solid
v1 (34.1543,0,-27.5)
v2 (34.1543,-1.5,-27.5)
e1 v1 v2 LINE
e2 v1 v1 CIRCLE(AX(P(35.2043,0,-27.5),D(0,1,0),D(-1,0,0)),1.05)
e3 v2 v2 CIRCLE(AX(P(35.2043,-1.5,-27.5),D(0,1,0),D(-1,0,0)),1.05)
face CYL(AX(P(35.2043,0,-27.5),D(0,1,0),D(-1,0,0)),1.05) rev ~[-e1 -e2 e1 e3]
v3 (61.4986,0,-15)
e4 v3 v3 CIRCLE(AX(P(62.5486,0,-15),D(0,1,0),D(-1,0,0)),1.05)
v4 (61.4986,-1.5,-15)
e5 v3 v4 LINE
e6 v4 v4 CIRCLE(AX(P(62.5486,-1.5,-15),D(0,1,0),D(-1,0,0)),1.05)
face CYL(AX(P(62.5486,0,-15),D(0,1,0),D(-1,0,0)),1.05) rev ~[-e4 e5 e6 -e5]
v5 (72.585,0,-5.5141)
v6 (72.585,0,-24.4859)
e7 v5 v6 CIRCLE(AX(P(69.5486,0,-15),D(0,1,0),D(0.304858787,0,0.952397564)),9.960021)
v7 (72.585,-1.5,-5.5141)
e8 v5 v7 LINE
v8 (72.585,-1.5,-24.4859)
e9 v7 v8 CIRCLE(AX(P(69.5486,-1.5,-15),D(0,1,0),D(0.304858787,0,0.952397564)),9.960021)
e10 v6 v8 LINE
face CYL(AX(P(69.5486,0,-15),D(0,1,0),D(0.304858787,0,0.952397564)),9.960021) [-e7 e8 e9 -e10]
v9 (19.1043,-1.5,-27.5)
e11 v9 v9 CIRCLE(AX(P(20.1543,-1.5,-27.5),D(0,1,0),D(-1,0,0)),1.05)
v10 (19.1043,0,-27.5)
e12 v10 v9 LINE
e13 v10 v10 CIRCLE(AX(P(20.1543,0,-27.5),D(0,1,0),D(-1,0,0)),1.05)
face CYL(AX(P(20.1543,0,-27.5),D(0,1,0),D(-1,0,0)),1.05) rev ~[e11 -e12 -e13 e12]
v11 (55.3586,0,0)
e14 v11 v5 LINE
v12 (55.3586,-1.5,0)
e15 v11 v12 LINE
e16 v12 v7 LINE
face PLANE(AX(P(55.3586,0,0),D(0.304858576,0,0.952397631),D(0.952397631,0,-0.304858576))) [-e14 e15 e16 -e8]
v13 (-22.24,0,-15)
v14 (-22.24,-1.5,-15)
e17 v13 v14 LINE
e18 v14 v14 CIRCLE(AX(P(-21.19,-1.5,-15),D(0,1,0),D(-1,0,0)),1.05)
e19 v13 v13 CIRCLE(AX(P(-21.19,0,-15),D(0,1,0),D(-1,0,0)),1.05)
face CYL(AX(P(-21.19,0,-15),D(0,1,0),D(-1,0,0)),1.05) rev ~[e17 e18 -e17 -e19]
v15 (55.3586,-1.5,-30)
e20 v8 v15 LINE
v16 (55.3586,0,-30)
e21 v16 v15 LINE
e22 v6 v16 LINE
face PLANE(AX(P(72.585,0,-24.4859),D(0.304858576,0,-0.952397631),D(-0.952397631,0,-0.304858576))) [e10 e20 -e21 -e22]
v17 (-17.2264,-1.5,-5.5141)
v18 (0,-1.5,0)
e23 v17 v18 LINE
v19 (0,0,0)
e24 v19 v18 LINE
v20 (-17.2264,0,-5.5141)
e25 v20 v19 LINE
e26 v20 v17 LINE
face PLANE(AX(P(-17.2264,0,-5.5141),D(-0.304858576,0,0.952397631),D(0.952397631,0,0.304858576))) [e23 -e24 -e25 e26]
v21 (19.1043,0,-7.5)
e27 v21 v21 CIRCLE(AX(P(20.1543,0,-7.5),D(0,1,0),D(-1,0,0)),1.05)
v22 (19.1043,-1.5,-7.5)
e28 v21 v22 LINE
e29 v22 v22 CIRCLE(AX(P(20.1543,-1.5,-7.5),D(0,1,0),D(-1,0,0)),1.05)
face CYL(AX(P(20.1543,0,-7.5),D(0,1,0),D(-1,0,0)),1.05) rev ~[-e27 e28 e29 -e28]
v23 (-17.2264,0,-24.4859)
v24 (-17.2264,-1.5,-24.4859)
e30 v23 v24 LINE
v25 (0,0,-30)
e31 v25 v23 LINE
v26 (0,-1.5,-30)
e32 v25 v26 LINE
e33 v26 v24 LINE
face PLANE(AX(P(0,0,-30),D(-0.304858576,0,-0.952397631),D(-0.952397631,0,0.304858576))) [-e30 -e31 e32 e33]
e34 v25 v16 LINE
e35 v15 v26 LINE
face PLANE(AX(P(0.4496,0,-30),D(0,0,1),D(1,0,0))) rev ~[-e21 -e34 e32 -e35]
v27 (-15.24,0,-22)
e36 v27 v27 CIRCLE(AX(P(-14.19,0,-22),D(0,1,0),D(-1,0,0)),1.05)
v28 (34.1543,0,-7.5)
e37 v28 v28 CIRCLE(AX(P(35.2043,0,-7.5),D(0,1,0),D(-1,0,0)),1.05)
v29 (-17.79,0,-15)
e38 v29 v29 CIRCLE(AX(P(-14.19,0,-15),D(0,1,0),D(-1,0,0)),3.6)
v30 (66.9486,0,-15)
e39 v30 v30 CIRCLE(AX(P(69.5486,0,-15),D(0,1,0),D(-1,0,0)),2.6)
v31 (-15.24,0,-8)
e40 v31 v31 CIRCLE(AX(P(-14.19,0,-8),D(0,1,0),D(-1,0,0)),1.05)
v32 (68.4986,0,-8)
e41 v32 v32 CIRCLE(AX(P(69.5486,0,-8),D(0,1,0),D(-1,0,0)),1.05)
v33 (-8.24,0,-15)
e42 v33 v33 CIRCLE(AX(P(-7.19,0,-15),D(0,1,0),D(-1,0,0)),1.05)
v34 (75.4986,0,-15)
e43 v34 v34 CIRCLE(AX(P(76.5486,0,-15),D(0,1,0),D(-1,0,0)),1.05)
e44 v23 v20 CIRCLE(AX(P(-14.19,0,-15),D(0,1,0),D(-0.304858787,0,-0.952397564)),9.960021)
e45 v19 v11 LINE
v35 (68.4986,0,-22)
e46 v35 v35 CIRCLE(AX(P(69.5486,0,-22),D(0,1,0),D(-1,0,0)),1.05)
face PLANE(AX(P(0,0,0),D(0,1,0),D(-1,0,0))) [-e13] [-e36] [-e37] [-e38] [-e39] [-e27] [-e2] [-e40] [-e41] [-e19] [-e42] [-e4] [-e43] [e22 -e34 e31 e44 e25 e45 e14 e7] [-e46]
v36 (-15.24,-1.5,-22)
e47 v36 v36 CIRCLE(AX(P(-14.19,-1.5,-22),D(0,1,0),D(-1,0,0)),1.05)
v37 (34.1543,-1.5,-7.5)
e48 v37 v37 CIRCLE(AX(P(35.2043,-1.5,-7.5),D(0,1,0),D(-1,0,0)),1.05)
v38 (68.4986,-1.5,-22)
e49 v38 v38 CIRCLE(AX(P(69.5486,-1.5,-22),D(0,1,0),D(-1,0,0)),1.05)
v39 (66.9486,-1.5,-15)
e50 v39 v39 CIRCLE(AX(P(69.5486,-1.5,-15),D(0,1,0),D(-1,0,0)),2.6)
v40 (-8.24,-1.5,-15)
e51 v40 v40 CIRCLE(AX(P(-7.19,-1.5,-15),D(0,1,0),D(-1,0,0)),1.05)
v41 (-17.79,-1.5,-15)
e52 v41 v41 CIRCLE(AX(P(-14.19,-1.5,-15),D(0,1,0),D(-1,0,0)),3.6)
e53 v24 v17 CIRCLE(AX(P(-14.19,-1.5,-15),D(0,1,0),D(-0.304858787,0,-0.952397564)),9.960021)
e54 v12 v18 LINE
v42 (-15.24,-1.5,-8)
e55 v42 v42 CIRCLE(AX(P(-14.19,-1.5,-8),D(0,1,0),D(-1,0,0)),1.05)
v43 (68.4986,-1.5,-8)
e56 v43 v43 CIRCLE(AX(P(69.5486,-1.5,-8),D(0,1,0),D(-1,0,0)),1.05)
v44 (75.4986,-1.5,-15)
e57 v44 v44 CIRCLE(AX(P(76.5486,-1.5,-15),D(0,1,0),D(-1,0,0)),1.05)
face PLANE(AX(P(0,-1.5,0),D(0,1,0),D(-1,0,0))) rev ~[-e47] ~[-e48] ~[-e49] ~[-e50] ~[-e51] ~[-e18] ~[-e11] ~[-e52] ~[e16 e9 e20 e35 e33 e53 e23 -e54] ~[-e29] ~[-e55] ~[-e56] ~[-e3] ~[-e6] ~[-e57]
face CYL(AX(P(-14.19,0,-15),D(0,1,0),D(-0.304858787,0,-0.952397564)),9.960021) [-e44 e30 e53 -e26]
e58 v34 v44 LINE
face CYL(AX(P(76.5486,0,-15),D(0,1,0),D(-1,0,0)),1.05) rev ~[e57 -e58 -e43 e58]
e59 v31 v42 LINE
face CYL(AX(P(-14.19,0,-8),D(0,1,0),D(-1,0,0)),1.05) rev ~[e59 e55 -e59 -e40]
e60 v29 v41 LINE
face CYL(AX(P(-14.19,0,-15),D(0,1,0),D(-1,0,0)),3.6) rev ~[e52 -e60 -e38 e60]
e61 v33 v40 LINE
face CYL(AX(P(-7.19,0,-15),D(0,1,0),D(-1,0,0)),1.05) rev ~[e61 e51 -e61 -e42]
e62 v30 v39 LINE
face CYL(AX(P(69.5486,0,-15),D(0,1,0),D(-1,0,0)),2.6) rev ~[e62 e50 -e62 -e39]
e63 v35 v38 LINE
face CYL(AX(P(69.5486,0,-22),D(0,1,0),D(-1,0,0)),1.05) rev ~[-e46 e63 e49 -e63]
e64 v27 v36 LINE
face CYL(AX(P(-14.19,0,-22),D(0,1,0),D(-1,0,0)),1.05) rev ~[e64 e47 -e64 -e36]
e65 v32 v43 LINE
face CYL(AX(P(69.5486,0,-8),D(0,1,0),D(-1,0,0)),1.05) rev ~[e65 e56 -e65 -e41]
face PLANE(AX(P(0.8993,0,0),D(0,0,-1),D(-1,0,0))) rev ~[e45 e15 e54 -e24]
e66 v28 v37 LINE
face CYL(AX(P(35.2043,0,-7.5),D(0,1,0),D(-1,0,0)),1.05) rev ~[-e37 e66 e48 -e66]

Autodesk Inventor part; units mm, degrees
ref_plane "YZ Plane" through (0, 0, 0) normal (1, 0, 0) x (0, 1, 0)
ref_plane "XZ Plane" through (0, 0, 0) normal (0, 1, 0) x (-1, 0, 0)
ref_plane "XY Plane" through (0, 0, 0) normal (0, 0, 1) x (1, 0, 0)
sketch "Sketch1" plane through (0, 0, 0) normal (0, 1, 0) x (-1, 0, 0)
  line L0 (-0.4496, -30) -> (-0.4496, 0)
  line L1 (-54.9089, 0) -> (-54.9089, -30)
  circle A0 centre (-20.1543, -27.5) radius 1.05
  circle A1 centre (-20.1543, -7.5) radius 1.05
  circle A2 centre (-35.2043, -27.5) radius 1.05
  circle A3 centre (-35.2043, -7.5) radius 1.05
  circle A4 centre (-69.5486, -15) radius 2.6
  circle A5 centre (14.19, -15) radius 3.6
  circle A6 centre (7.19, -15) radius 1.05
  circle A7 centre (14.19, -22) radius 1.05
  circle A8 centre (21.19, -15) radius 1.05
  circle A9 centre (14.19, -8) radius 1.05
  circle A10 centre (-69.5486, -22) radius 1.05
  circle A11 centre (-62.5486, -15) radius 1.05
  circle A12 centre (-69.5486, -8) radius 1.05
  circle A13 centre (-76.5486, -15) radius 1.05
  line L2 (-72.585, -24.4859) -> (-55.3586, -30)
  line L3 (0, -30) -> (17.2264, -24.4859)
  arc A14 (-72.585, -5.5141) -> (-72.585, -24.4859) centre (-69.5486, -15) ccw
  arc A15 (17.2264, -24.4859) -> (17.2264, -5.5141) centre (14.19, -15) ccw
  line L4 (-55.3586, 0) -> (-72.585, -5.5141)
  line L5 (17.2264, -5.5141) -> (0, 0)
  line L6 (-55.3586, 0) -> (0, 0)
  line L7 (0, -30) -> (-55.3586, -30)
  line L8 (-55.3586, -30) -> (-55.3586, 0)
  line L9 (-54.4593, 0) -> (-54.4593, -30)
  line L10 (-0.8993, -30) -> (-0.8993, 0)
  line L11 (0, 0) -> (0, -30)
extrude "Extrusion1" add sketch "Sketch1" against normal blind 1.5
sketch "Sketch2" plane through (0, 0, 0) normal (0, 1, 0) x (1, 0, 0)
  line L0 (0, 0) -> (0, 30) projected
  line L1 (55.3586, 30) -> (55.3586, 0) projected
  line L2 (54.9089, 0) -> (54.9089, 30) projected
  line L3 (54.4593, 0) -> (54.4593, 30) projected
  line L4 (0.4496, 30) -> (0.4496, 0) projected
  line L5 (0.8993, 30) -> (0.8993, 0) projected
properties part number "axis_19_bottom_frame"
